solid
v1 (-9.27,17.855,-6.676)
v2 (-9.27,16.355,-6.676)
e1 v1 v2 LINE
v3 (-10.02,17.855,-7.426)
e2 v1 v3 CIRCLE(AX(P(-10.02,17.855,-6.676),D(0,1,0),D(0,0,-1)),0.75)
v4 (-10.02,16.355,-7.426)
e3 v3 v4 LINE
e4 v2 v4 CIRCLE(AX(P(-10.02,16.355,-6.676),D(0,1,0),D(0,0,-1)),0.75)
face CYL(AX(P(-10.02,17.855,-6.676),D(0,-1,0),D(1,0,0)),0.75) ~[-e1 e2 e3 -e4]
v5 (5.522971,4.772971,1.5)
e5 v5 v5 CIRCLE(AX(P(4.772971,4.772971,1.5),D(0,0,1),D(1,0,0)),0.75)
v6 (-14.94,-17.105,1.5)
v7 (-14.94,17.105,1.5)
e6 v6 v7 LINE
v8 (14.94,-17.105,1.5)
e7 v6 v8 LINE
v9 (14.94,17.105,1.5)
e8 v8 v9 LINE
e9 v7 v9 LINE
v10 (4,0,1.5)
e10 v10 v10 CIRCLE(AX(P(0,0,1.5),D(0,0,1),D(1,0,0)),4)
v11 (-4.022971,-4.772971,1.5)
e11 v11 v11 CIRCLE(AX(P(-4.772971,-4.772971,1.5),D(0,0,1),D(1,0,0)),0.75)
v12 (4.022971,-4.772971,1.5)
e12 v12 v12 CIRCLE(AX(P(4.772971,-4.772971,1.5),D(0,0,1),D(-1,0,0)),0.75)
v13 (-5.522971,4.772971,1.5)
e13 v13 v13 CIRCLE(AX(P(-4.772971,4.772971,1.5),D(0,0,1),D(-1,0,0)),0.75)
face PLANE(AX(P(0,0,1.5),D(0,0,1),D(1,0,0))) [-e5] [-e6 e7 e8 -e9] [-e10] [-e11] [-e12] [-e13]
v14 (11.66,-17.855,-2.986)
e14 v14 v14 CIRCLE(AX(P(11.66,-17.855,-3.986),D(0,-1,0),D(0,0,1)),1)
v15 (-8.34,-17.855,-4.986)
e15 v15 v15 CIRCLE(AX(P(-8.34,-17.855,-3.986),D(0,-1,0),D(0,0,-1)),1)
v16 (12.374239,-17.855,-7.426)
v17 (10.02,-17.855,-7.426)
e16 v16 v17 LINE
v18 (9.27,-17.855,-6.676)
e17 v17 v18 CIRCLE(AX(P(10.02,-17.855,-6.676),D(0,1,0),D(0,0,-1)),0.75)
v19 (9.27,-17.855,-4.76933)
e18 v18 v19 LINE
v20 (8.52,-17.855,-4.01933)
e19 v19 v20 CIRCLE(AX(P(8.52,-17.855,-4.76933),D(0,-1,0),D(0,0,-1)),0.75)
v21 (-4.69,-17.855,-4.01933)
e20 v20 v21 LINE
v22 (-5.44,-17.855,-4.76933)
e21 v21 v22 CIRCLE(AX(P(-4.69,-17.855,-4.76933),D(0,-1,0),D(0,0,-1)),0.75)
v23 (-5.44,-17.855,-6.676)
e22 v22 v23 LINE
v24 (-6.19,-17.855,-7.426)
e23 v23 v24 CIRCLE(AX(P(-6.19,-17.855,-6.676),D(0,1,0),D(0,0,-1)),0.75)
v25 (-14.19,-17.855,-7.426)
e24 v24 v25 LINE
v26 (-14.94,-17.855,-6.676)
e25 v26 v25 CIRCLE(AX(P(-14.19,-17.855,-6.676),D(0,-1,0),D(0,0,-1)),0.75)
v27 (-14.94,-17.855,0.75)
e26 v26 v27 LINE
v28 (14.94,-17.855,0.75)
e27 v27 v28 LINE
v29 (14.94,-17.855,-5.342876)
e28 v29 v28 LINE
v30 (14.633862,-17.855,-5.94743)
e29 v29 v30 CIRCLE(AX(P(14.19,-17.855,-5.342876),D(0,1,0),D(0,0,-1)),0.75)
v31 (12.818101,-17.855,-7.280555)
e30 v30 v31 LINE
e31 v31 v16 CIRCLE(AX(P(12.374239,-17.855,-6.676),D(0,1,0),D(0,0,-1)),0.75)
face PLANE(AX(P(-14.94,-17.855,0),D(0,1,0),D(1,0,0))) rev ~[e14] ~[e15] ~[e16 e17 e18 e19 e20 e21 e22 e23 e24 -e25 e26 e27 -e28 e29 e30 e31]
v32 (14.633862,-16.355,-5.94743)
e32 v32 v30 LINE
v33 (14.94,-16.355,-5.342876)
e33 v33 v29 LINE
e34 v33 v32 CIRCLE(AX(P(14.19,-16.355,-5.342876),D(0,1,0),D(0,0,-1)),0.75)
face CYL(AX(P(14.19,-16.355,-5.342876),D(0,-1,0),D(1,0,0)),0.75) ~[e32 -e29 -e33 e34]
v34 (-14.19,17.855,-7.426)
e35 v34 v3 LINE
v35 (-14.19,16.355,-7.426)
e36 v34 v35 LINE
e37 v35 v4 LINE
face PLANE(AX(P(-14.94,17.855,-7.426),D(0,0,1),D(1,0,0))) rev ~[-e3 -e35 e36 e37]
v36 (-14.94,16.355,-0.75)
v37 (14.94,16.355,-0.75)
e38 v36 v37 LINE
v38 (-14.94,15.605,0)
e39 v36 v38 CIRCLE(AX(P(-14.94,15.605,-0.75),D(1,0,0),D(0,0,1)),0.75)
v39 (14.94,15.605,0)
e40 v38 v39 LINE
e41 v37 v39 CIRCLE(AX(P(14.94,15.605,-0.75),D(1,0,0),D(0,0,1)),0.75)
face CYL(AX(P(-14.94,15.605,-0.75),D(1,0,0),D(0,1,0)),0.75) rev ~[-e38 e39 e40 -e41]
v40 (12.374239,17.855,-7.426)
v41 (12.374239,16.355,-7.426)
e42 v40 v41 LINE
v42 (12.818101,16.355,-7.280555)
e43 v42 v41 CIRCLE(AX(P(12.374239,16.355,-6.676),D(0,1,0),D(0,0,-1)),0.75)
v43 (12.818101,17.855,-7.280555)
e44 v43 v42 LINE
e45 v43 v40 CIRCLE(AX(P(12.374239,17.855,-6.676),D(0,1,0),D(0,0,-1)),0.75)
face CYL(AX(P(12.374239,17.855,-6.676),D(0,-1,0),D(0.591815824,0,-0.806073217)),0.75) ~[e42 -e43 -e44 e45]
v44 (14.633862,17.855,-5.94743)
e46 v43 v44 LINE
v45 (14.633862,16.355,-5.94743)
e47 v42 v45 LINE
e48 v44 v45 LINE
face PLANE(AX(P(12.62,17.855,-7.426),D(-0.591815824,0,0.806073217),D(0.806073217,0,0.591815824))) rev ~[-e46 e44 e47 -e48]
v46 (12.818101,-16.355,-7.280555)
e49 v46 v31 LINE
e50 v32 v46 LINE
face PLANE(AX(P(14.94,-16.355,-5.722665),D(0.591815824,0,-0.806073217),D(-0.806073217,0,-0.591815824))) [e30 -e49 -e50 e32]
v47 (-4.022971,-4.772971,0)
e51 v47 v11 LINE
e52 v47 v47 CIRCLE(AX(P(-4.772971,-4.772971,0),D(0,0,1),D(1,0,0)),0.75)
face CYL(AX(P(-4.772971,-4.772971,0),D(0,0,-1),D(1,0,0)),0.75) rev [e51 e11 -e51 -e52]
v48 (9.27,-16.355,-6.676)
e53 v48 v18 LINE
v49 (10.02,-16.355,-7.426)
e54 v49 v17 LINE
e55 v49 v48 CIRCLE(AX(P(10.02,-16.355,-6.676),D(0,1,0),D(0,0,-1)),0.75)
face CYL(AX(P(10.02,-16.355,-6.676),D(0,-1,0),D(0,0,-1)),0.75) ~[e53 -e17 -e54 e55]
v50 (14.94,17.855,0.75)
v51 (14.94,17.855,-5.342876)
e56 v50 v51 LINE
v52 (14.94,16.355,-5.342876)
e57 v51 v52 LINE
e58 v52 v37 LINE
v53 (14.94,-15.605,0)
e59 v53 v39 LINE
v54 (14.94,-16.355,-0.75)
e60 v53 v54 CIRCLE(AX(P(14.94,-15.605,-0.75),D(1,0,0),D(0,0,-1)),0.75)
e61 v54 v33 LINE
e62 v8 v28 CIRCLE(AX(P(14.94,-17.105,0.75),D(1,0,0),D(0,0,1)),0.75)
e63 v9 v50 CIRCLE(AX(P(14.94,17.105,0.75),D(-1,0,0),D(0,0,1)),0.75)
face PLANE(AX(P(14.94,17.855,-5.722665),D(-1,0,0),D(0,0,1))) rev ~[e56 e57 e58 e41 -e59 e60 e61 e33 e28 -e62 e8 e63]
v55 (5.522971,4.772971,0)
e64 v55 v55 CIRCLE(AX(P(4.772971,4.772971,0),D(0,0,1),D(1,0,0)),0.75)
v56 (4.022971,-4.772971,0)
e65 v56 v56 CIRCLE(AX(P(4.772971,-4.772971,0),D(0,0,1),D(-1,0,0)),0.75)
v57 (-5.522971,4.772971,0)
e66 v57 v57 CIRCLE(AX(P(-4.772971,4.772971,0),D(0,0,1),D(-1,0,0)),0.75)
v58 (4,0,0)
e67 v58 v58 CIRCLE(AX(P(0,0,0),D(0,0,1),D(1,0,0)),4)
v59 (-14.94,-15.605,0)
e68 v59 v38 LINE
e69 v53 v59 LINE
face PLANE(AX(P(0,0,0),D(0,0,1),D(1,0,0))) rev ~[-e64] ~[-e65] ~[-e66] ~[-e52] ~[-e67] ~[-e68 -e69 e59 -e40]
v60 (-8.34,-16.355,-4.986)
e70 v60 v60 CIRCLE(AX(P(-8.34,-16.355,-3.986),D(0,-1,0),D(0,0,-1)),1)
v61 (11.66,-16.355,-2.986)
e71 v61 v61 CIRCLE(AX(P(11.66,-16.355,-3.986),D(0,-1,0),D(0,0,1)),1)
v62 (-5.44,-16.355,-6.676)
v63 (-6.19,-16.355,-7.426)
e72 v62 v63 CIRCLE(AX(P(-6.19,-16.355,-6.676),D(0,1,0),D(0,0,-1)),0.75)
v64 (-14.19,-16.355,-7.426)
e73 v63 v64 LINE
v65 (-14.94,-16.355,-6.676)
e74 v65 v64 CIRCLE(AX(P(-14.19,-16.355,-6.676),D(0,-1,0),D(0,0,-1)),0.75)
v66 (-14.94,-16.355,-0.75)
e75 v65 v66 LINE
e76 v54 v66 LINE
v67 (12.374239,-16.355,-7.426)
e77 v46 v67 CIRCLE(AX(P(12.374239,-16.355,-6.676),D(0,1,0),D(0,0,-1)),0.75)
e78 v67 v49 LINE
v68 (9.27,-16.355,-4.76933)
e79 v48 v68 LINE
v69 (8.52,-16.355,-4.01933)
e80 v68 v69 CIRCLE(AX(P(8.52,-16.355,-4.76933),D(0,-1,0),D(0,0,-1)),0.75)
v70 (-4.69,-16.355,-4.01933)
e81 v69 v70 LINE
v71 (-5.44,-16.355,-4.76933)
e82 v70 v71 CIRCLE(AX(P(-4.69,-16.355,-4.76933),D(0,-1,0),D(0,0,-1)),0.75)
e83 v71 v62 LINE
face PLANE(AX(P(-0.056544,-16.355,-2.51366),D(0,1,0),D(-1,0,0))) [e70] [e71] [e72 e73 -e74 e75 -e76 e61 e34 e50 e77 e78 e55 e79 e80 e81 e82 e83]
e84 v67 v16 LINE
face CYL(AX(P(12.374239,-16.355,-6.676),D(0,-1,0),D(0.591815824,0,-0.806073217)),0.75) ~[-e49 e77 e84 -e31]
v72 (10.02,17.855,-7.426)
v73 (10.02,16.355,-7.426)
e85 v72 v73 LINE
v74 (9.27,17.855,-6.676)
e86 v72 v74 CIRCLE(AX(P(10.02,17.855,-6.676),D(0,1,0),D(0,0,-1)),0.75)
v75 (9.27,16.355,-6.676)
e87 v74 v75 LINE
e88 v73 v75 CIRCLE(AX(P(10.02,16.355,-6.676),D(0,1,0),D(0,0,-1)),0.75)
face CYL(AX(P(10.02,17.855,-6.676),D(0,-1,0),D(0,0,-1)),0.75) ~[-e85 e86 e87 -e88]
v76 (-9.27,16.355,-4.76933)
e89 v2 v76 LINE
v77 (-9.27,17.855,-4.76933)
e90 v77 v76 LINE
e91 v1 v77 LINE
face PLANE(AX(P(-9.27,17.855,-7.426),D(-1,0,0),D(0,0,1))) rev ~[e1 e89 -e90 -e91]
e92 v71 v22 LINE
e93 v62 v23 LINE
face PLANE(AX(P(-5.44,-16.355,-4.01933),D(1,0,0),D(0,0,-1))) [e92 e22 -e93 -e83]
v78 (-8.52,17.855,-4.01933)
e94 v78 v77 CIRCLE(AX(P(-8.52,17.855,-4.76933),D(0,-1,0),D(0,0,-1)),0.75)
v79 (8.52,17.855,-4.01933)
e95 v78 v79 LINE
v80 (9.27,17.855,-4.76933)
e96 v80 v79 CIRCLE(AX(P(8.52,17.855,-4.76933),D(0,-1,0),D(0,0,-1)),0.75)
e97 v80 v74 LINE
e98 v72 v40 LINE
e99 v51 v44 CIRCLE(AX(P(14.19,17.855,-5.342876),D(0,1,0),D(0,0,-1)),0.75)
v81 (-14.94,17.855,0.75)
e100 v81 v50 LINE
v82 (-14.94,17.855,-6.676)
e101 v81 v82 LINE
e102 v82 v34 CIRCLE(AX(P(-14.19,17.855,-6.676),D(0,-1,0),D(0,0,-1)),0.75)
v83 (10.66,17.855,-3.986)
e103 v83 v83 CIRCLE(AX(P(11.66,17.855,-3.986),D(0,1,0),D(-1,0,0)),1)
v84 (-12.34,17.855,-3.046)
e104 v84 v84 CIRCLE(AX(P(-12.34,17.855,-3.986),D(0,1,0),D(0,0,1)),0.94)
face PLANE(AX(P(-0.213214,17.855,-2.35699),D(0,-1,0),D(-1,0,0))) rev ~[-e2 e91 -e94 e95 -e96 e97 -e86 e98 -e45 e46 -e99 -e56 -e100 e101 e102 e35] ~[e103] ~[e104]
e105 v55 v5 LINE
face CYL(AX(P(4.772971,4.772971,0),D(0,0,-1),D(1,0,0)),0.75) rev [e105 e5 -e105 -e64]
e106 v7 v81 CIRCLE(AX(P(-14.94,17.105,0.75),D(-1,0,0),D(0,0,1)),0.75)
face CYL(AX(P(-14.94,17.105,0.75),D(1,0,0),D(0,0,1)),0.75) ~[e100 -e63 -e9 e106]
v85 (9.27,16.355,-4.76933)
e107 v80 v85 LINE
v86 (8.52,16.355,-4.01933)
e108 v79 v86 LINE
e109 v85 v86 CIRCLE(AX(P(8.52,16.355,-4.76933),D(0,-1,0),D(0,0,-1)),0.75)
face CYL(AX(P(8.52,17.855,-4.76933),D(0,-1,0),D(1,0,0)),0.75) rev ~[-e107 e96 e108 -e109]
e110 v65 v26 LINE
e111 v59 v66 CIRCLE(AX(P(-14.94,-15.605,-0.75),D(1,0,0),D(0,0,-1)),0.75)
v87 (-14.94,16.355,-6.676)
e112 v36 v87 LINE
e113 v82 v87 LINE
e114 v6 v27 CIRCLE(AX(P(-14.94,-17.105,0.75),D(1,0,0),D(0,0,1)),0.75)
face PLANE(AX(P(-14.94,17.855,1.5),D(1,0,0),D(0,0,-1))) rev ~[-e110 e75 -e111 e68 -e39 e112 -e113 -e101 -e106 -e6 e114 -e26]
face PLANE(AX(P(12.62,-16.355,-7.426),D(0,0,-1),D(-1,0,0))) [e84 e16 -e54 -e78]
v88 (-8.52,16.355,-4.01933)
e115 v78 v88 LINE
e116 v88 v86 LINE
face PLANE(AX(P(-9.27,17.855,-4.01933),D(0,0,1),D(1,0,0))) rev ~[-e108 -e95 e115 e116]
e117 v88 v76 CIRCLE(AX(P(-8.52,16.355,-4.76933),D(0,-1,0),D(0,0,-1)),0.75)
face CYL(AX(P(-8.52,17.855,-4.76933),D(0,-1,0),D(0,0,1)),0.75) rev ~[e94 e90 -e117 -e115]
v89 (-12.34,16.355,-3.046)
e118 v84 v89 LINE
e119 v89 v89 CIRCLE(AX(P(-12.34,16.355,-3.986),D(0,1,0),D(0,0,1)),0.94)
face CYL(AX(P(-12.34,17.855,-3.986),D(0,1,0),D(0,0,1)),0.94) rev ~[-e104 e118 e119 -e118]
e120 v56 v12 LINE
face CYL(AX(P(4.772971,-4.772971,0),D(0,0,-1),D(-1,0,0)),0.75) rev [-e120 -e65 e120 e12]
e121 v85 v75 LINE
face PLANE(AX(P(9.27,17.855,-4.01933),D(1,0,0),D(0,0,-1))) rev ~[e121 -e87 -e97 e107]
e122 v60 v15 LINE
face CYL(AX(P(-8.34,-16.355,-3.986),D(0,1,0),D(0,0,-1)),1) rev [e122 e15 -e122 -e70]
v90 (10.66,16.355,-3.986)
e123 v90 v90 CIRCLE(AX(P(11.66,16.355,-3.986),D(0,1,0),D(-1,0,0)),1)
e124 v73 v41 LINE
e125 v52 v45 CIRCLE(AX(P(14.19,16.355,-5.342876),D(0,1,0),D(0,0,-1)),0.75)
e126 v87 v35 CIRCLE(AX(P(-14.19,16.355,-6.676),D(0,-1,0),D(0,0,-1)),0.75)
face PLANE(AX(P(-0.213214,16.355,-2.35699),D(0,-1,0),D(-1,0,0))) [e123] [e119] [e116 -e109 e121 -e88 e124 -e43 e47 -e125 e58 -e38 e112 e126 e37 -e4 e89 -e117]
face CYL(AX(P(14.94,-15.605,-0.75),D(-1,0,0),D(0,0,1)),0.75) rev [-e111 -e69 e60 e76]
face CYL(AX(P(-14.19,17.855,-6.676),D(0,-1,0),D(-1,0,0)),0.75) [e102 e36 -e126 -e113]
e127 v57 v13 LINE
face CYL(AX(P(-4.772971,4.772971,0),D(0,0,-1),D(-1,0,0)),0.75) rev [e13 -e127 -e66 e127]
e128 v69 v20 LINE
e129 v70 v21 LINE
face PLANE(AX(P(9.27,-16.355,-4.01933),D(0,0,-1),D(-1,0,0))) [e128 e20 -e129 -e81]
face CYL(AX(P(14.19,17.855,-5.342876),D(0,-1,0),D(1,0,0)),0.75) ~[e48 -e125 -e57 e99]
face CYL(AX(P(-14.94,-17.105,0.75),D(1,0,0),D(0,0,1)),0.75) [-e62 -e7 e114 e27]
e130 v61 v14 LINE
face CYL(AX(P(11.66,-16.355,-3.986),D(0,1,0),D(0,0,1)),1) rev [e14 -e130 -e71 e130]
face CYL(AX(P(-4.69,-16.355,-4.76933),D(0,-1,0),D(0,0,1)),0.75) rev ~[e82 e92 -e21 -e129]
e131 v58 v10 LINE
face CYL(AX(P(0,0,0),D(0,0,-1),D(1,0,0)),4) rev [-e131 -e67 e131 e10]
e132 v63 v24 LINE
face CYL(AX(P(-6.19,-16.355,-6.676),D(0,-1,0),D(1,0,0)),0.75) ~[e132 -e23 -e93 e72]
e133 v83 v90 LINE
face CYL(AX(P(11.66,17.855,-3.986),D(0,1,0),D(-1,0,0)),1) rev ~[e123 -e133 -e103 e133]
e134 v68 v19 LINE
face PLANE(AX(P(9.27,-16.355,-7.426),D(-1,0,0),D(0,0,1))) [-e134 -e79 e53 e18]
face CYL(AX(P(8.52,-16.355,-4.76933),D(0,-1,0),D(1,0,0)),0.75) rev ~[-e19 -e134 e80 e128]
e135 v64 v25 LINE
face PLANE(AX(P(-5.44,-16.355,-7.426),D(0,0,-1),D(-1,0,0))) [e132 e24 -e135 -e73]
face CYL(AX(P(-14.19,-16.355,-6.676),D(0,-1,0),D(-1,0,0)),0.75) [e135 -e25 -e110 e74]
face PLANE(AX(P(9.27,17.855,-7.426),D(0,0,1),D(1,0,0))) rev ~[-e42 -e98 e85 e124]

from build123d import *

# Parameters (mm, degrees)
SKETCH1_W           = 29.88
SKETCH1_H           = 35.71
SKETCH1_R           = 4
SKETCH1_R_2         = 0.75
BOSS_EXTRUDE1_DEPTH = 1.5
SKETCH2_R           = 0.94
BOSS_EXTRUDE2_DEPTH = 1.5
BOSS_EXTRUDE3_START = -1.5
SKETCH3_R           = 1
BOSS_EXTRUDE3_DEPTH = 1.5
FILLET1_R           = 0.75


with BuildPart() as part:
    # Sketch1 → Boss-Extrude1 (new body)
    with BuildSketch(Plane.XY):
        Rectangle(SKETCH1_W, SKETCH1_H)
        Circle(SKETCH1_R, mode=Mode.SUBTRACT)
        with Locations((4.772970773, 4.772970773)):
            Circle(SKETCH1_R_2, mode=Mode.SUBTRACT)
        with Locations(Location((4.772970773, -4.772970773, 0), (0, 0, 180))):
            Circle(SKETCH1_R_2, mode=Mode.SUBTRACT)
        with Locations((-4.772970773, -4.772970773)):
            Circle(SKETCH1_R_2, mode=Mode.SUBTRACT)
        with Locations(Location((-4.772970773, 4.772970773, 0), (0, 0, 180))):
            Circle(SKETCH1_R_2, mode=Mode.SUBTRACT)
    extrude(amount=BOSS_EXTRUDE1_DEPTH)

    # Sketch2 → Boss-Extrude2 (add)
    with BuildSketch(Plane(origin=(0, 17.855, 0), x_dir=(1, 0, 0), z_dir=(0, 1, 0))):
        Polygon((-14.94, 7.426000053), (-9.27, 7.426000053), (-9.27, 4.01933008), (9.27, 4.01933008), (9.27, 7.426000053), (12.62, 7.426000053), (14.94, 5.722665067), (14.94, -1.5), (-14.94, -1.5), align=None)
        with Locations(Location((-12.34, 3.986000053, 0), (0, 0, 270))):
            Circle(SKETCH2_R, mode=Mode.SUBTRACT)
        with BuildLine():
            ThreePointArc((12.66, 3.986000053), (11.66, 4.986000053), (10.66, 3.986000053))
            ThreePointArc((10.66, 3.986000053), (11.66, 2.986000053), (12.66, 3.986000053))
        make_face(mode=Mode.SUBTRACT)
    extrude(amount=-BOSS_EXTRUDE2_DEPTH)

    # Sketch3 → Boss-Extrude3 (add)
    with BuildSketch(Plane.XZ.offset(17.855).offset(BOSS_EXTRUDE3_START)):
        Polygon((-14.94, 1.5), (14.94, 1.5), (14.94, -5.722665067), (12.62, -7.426000053), (9.27, -7.426000053), (9.27, -4.01933008), (-5.44, -4.01933008), (-5.44, -7.426000053), (-14.94, -7.426000053), align=None)
        with Locations(Location((11.66, -3.986000053, 0), (0, 0, 90))):
            Circle(SKETCH3_R, mode=Mode.SUBTRACT)
        with Locations(Location((-8.34, -3.986000053, 0), (0, 0, 270))):
            Circle(SKETCH3_R, mode=Mode.SUBTRACT)
    extrude(amount=BOSS_EXTRUDE3_DEPTH)

    # Fillet1
    fillet1_edges = [part.edges().sort_by_distance(p)[0] for p in [
        (0, -17.855, 1.5),
        (-14.94, 17.105, -7.426000053),
        (-9.27, 17.105, -7.426000053),
        (-9.27, 17.105, -4.01933008),
        (9.27, 17.105, -4.01933008),
        (9.27, 17.105, -7.426000053),
        (12.62, 17.105, -7.426000053),
        (14.94, 17.105, -5.722665067),
        (0, 16.355, 0),
        (0, 17.855, 1.5),
        (0, -16.355, 0),
        (-14.94, -17.105, -7.426000053),
        (14.94, -17.105, -5.722665067),
        (12.62, -17.105, -7.426000053),
        (9.27, -17.105, -7.426000053),
        (9.27, -17.105, -4.01933008),
        (-5.44, -17.105, -4.01933008),
        (-5.44, -17.105, -7.426000053),
    ]]
    fillet(fillet1_edges, radius=FILLET1_R)


solid = part.part
